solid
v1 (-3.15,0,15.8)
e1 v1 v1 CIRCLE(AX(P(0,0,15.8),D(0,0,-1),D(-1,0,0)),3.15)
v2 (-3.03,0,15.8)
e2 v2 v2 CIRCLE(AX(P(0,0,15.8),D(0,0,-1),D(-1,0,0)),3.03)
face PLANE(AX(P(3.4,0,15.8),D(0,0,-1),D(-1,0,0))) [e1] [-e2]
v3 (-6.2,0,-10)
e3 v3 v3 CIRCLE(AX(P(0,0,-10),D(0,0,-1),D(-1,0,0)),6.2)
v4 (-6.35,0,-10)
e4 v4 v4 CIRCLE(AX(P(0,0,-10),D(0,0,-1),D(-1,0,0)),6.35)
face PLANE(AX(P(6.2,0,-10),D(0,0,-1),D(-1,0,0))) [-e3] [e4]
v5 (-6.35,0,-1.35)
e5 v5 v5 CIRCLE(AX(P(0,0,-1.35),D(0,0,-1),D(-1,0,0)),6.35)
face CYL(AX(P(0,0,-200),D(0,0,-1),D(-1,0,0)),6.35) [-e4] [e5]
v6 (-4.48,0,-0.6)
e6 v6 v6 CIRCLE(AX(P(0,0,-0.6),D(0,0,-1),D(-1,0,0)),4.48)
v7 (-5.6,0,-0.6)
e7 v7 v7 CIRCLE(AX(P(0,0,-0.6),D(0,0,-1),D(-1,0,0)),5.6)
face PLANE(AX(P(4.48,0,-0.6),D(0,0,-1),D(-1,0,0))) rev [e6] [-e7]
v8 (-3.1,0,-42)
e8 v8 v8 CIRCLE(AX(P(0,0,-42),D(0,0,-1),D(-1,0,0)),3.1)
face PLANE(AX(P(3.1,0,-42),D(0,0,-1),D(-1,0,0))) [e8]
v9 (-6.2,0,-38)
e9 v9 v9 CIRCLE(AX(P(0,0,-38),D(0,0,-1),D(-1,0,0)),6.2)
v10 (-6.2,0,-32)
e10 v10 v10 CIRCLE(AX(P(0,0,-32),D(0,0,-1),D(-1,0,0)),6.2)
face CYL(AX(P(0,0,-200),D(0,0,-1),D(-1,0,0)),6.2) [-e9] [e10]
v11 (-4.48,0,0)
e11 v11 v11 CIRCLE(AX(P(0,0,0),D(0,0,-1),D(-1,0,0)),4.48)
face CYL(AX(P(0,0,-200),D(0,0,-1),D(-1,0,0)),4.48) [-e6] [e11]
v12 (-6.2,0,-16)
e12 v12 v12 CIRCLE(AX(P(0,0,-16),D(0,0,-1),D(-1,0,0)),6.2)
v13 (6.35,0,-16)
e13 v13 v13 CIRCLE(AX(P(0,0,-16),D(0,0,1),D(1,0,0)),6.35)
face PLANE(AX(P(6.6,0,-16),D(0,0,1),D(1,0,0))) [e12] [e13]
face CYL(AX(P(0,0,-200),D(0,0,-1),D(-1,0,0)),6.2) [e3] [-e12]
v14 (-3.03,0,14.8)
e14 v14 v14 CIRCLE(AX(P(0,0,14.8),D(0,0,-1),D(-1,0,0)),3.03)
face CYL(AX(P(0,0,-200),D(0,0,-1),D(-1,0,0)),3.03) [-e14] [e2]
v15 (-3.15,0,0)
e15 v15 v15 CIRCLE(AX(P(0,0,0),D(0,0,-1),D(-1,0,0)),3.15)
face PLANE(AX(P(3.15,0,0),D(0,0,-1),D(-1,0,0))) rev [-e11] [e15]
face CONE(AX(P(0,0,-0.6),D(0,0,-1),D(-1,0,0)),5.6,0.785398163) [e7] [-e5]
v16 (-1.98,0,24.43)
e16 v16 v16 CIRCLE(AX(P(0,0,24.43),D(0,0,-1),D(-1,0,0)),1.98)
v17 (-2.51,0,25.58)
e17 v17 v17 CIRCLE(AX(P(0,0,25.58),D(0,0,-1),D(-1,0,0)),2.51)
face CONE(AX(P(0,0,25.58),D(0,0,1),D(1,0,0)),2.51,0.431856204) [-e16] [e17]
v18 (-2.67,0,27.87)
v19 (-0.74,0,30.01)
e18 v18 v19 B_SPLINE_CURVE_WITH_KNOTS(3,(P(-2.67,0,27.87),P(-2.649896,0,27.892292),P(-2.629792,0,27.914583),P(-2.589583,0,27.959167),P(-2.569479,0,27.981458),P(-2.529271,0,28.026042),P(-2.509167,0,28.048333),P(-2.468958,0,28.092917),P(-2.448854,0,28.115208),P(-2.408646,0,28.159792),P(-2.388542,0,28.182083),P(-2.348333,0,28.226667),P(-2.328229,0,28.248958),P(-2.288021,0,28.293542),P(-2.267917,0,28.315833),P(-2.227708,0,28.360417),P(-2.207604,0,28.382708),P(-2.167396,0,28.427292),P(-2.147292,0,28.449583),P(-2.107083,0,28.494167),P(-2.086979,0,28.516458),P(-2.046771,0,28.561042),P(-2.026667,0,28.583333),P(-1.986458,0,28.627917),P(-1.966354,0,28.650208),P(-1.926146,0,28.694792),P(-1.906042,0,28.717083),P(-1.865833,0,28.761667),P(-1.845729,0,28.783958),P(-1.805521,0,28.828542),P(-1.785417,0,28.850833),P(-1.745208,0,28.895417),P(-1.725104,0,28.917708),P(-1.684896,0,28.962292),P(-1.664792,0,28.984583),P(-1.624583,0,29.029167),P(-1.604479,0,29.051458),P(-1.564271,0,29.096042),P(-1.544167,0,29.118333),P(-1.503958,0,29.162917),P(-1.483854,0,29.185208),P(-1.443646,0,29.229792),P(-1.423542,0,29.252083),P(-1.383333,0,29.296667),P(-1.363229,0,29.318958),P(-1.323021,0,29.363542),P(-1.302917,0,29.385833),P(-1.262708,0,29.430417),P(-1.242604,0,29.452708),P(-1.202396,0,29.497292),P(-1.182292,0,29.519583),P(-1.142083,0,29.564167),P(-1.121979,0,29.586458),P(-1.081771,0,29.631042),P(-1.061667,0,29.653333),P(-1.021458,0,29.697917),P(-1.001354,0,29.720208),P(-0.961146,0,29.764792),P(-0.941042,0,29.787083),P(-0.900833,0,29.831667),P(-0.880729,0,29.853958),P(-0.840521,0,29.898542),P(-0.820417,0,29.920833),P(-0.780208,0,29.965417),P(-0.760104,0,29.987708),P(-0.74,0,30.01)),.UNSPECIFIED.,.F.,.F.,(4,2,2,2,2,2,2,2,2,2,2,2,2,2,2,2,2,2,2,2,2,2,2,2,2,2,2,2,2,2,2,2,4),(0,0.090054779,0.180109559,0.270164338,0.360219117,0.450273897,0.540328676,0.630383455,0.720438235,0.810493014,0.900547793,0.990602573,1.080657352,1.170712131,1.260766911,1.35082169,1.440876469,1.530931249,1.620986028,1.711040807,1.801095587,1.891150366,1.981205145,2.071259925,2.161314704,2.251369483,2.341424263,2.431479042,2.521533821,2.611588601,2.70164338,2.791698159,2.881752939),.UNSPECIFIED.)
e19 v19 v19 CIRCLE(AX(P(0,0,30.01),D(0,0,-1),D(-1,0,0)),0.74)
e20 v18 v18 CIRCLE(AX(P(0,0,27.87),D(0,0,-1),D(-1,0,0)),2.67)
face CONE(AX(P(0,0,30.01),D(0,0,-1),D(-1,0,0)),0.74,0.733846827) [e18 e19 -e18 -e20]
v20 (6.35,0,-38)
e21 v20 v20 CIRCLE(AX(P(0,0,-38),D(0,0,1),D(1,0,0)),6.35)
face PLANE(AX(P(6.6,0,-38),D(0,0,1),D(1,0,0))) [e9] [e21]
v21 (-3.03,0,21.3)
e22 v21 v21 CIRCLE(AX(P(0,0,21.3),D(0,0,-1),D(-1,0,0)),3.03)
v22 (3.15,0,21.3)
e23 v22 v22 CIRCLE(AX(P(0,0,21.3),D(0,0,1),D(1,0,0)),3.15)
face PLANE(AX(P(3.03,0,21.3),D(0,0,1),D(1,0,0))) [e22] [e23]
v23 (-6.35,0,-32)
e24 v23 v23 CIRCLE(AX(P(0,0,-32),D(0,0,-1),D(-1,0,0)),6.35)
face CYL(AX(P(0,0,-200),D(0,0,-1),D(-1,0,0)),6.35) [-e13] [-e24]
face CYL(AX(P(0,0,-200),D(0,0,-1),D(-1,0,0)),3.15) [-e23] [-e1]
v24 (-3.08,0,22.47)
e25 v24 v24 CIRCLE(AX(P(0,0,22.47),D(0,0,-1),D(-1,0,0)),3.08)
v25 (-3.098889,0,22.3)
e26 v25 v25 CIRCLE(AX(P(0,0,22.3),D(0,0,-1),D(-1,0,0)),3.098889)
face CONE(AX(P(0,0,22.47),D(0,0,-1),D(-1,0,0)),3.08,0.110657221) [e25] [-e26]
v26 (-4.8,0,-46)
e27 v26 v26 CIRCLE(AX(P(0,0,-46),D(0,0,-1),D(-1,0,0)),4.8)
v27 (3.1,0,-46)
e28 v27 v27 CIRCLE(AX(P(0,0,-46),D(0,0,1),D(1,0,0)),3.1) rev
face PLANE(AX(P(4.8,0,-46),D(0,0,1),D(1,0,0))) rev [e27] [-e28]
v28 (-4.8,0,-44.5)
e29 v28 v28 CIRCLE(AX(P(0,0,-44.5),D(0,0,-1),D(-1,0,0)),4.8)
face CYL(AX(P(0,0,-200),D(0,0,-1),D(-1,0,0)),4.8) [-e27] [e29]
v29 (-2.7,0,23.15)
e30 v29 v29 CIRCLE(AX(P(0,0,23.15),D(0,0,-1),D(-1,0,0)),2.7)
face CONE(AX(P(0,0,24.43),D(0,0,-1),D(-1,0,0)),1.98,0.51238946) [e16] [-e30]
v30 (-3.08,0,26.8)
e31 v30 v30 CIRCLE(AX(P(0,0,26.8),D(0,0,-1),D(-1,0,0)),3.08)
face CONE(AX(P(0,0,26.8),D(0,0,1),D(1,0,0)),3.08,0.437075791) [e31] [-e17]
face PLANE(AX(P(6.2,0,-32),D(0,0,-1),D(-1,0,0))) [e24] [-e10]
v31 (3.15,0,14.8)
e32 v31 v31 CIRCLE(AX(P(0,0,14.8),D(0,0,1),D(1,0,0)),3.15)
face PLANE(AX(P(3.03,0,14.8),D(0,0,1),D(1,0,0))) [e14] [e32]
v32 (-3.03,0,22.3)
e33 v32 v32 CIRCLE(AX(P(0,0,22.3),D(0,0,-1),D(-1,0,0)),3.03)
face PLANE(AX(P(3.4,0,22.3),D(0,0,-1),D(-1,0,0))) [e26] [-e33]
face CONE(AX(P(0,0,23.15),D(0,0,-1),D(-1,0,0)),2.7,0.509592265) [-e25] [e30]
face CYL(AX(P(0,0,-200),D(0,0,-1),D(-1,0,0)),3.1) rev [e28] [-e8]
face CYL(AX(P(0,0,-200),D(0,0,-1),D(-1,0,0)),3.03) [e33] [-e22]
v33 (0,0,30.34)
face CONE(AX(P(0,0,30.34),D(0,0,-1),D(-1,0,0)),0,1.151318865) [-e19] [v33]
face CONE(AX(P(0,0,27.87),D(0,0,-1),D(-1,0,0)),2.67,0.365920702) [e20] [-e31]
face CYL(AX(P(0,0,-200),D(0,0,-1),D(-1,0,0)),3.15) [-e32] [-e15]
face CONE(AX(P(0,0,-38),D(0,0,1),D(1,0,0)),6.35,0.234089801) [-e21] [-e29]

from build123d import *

# Parameters (mm, degrees)
SKETCH2_W = 0.37
SKETCH2_H = 1
SKETCH3_W = 0.4
SKETCH3_H = 6
SKETCH4_W = 3.1
SKETCH4_H = 4.5


with BuildPart() as part:
    # Sketch1 → Body (revolve)
    with BuildSketch(Plane(origin=(0, 0, 0), x_dir=(-1, 0, 0), z_dir=(0, 1, 0)), mode=Mode.PRIVATE) as body_sk:
        Polygon((0, 30.34), (-0.74, 30.01), (-2.67, 27.87), (-3.08, 26.8), (-2.51, 25.58), (-1.98, 24.43), (-2.7, 23.15), (-3.08, 22.47), (-3.15, 21.84), (-3.15, 0), (-4.48, 0), (-4.48, -0.6), (-5.6, -0.6), (-6.35, -1.35), (-6.35, -38), (-4.8, -44.5), (-4.8, -46), (0, -46), align=None)
    revolve(body_sk.sketch.rotate(Axis((0, 0, -200), (0, 0, 1)), 180), axis=Axis((0, 0, -200), (0, 0, 1)))

    # Sketch2 → Insulators (revolve, cut)
    with BuildSketch(Plane(origin=(0, 0, 0), x_dir=(-1, 0, 0), z_dir=(0, 1, 0)), mode=Mode.PRIVATE) as insulators_sk:
        with Locations((-3.215, 21.8)):
            Rectangle(SKETCH2_W, SKETCH2_H)
        with Locations((-3.215, 15.3)):
            Rectangle(SKETCH2_W, SKETCH2_H)
    revolve(insulators_sk.sketch.rotate(Axis((0, 0, -200), (0, 0, 1)), 180), axis=Axis((0, 0, -200), (0, 0, 1)), mode=Mode.SUBTRACT)

    # Sketch3 → Grip (revolve, cut)
    with BuildSketch(Plane(origin=(0, 0, 0), x_dir=(-1, 0, 0), z_dir=(0, 1, 0)), mode=Mode.PRIVATE) as grip_sk:
        with Locations((-6.4, -13)):
            Rectangle(SKETCH3_W, SKETCH3_H)
        with Locations((-6.4, -35)):
            Rectangle(SKETCH3_W, SKETCH3_H)
    revolve(grip_sk.sketch.rotate(Axis((0, 0, -200), (0, 0, 1)), 180), axis=Axis((0, 0, -200), (0, 0, 1)), mode=Mode.SUBTRACT)

    # Sketch4 → CableBore (revolve, cut)
    with BuildSketch(Plane(origin=(0, 0, 0), x_dir=(-1, 0, 0), z_dir=(0, 1, 0))):
        with Locations((-1.55, -44.25)):
            Rectangle(SKETCH4_W, SKETCH4_H)
    revolve(axis=Axis((0, 0, -200), (0, 0, 1)), mode=Mode.SUBTRACT)


solid = part.part
